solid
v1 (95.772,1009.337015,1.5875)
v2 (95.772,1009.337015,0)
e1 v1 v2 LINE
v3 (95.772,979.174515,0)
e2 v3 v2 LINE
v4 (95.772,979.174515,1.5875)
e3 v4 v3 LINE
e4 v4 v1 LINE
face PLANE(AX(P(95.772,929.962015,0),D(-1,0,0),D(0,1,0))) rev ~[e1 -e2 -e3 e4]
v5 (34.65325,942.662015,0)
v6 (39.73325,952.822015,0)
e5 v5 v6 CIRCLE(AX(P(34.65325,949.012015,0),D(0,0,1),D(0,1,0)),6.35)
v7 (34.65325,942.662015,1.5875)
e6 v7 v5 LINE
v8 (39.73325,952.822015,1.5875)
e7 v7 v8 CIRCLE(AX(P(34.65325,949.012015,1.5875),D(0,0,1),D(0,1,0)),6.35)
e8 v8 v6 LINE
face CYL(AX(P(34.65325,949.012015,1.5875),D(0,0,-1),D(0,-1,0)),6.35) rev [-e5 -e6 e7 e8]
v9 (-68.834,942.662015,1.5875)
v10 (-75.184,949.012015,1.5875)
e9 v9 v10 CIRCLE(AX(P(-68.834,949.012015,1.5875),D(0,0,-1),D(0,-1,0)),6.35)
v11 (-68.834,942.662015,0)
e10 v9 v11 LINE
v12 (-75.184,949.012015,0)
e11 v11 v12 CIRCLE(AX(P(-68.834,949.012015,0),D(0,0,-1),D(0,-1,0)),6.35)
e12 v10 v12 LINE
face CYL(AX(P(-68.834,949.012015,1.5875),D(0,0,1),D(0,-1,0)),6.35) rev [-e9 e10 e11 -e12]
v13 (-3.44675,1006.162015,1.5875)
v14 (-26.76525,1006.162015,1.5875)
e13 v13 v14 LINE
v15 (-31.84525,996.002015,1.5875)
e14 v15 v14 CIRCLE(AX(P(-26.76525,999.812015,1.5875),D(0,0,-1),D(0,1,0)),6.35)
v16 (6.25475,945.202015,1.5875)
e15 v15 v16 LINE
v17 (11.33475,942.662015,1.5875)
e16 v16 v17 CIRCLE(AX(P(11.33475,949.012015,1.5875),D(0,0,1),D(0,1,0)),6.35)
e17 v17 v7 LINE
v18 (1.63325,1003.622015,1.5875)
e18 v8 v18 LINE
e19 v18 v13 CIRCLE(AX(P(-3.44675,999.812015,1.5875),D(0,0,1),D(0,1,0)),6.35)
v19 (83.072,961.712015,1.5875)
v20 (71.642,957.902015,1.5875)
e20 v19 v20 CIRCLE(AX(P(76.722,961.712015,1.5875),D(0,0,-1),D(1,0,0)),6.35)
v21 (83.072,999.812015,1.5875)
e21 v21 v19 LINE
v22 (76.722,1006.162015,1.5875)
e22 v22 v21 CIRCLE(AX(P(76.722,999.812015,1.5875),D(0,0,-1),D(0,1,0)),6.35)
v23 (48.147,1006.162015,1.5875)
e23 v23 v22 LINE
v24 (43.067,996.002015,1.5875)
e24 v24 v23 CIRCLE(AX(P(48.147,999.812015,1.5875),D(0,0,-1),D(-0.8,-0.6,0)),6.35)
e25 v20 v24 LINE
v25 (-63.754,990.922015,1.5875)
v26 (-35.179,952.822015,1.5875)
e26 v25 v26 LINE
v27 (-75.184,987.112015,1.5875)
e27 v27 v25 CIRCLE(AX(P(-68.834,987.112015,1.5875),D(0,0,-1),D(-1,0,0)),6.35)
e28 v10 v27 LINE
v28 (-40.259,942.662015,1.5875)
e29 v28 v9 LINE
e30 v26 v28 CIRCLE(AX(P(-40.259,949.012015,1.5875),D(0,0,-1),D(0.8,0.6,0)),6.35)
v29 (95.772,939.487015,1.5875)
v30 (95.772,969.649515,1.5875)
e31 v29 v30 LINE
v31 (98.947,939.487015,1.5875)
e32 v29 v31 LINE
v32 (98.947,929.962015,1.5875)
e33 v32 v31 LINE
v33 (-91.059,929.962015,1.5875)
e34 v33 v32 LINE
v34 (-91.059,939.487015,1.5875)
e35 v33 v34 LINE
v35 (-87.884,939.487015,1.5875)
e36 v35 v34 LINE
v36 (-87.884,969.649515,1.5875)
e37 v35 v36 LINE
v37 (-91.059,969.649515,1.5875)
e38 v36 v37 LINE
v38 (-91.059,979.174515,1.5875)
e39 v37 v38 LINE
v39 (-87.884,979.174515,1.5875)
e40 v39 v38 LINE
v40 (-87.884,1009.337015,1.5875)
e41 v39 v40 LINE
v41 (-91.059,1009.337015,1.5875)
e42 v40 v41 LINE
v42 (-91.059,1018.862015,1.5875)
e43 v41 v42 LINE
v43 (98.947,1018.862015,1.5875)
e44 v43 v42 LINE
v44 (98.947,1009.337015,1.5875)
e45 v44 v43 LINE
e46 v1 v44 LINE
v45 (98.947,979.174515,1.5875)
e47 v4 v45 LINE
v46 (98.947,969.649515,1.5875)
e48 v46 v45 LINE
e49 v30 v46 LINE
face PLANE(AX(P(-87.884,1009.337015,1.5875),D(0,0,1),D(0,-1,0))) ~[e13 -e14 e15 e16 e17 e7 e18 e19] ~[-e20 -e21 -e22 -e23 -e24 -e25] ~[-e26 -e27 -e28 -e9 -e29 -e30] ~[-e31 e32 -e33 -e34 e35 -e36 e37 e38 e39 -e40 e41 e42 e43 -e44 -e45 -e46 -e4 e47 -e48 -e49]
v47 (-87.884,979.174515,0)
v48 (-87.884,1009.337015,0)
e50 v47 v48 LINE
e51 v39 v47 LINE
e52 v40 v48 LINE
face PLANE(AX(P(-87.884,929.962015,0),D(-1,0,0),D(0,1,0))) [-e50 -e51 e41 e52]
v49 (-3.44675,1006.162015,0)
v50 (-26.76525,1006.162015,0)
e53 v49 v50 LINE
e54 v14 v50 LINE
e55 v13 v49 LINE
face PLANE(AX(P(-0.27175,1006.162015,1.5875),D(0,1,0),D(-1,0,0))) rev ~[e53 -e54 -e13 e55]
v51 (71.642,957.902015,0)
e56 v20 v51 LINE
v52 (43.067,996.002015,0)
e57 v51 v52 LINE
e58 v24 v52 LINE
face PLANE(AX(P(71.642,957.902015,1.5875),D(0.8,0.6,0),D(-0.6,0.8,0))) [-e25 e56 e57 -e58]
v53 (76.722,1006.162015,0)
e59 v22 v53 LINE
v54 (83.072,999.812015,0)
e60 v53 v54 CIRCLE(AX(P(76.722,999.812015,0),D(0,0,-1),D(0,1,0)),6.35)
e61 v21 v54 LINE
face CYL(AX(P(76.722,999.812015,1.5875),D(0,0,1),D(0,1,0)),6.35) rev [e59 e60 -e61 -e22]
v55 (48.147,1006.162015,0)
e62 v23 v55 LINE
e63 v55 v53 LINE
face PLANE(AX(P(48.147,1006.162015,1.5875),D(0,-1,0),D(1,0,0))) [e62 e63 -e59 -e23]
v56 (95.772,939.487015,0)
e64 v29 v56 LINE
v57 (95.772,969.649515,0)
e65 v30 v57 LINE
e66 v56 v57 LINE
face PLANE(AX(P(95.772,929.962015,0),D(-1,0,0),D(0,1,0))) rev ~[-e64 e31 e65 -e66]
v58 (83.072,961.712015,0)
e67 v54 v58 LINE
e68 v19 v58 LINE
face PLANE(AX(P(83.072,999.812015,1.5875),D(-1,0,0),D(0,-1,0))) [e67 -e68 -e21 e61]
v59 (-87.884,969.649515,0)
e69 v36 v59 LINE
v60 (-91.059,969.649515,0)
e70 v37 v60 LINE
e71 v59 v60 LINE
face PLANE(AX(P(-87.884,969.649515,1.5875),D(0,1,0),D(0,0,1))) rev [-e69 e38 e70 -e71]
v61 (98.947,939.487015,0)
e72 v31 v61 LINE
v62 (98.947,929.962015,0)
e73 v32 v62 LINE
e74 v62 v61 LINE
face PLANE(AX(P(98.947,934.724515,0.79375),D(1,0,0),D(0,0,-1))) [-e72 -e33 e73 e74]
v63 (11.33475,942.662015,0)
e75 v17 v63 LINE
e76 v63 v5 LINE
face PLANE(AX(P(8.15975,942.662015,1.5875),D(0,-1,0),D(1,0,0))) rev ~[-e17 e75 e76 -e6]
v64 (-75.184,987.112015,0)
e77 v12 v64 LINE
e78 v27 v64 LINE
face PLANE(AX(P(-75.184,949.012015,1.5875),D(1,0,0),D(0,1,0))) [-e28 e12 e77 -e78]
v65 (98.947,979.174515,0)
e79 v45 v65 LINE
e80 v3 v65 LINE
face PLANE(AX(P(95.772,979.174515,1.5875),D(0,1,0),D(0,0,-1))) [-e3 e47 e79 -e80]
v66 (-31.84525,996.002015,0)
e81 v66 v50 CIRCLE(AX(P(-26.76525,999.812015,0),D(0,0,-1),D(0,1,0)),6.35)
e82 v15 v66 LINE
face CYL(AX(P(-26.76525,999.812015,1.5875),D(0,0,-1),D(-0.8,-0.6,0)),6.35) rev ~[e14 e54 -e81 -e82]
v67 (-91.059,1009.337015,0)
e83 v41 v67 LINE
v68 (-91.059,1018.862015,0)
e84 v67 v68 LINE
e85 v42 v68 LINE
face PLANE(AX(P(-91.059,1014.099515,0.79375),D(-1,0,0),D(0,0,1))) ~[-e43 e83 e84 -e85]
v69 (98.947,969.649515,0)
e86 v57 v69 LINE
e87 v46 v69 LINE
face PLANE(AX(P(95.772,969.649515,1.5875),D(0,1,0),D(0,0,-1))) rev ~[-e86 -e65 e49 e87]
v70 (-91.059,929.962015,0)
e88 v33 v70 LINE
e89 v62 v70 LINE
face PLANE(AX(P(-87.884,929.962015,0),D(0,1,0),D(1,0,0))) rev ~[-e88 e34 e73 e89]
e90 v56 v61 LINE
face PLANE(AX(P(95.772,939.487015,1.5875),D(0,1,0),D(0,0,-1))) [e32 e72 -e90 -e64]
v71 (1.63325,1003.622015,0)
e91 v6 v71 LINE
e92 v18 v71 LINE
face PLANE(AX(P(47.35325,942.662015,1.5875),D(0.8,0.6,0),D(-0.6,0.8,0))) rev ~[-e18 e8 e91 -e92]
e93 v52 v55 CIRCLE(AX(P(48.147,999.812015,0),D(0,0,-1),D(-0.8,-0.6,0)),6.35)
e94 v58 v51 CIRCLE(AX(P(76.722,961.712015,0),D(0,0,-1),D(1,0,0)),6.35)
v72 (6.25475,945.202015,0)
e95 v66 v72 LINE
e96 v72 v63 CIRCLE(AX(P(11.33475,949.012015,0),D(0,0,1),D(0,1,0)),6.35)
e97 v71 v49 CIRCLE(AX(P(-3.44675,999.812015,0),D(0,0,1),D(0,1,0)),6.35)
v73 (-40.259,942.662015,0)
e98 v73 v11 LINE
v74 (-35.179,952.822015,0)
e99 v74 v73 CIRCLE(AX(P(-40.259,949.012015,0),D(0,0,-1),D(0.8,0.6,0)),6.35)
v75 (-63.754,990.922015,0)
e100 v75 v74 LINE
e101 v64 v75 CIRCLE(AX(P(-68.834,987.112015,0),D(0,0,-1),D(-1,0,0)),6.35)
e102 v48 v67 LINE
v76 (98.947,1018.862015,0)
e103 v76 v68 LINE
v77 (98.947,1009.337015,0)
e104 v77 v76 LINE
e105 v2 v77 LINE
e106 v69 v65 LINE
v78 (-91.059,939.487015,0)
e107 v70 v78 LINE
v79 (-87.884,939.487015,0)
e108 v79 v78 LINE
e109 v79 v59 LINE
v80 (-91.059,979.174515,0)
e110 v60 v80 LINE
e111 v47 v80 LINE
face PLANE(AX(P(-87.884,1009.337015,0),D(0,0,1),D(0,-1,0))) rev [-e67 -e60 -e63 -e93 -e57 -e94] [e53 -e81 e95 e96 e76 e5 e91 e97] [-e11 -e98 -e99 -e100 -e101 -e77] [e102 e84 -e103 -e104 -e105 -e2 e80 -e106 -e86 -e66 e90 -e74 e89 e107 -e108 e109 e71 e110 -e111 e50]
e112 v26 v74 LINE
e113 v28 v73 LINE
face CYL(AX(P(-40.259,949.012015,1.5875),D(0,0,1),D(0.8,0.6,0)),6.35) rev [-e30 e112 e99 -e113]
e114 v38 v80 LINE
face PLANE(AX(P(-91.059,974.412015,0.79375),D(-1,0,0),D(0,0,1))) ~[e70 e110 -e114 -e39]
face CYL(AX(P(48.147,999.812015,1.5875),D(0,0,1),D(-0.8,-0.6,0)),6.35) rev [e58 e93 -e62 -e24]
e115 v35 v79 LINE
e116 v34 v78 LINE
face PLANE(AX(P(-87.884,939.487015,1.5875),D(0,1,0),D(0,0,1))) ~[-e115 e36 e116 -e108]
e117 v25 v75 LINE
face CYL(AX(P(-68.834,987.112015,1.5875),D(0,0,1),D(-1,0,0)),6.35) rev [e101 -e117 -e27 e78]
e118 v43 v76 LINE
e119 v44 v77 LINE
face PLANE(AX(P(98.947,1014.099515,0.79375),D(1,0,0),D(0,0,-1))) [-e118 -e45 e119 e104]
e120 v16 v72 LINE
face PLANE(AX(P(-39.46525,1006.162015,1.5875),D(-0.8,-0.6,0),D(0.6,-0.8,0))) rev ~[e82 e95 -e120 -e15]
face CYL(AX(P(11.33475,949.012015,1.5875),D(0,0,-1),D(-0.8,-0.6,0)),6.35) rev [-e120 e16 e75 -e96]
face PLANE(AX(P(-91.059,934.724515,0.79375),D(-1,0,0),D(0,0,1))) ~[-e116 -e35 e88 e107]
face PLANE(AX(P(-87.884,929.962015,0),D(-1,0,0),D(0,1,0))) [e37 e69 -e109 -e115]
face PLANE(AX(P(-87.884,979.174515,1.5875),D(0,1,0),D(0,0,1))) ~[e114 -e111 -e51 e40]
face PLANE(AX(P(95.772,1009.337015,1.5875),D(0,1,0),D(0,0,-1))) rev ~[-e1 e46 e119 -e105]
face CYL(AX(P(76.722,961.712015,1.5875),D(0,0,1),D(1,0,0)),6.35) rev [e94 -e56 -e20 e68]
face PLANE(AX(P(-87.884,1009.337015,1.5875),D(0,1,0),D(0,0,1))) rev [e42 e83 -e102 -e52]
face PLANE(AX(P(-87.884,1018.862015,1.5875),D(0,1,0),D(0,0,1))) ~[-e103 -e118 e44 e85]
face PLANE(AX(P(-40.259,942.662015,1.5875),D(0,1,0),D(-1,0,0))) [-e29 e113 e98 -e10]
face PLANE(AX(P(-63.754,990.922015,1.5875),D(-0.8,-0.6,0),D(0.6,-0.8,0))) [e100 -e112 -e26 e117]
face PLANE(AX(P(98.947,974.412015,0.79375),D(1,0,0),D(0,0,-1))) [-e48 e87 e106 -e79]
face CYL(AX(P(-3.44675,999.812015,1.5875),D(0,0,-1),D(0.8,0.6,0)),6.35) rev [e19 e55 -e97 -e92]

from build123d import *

# Parameters (mm, degrees)
SKETCH1_W           = 183.656
SKETCH1_H           = 88.9
BOSS_EXTRUDE1_DEPTH = 1.5875
CUT_EXTRUDE1_DEPTH  = 1.5875
FILLET1_R           = 6.35
SKETCH3_W           = 1.5875
SKETCH3_H           = 9.525
BOSS_EXTRUDE2_DEPTH = 3.175


with BuildPart() as part:
    # Sketch1 → Boss-Extrude1 (new body)
    with BuildSketch(Plane.XY):
        with Locations((3.944, 974.412014871)):
            Rectangle(SKETCH1_W, SKETCH1_H)
    extrude(amount=BOSS_EXTRUDE1_DEPTH)

    # Sketch2 → Cut-Extrude1 (cut)
    with BuildSketch(Plane.XY.offset(1.5875)):
        with BuildLine():
            Line((-63.754, 990.922014871), (-35.179, 952.822014871))
            ThreePointArc((-35.179, 952.822014871), (-34.579387337, 946.172208539), (-40.259, 942.662014871))
            Line((-40.259, 942.662014871), (-68.834, 942.662014871))
            ThreePointArc((-68.834, 942.662014871), (-73.324128061, 944.52188681), (-75.184, 949.012014871))
            Line((-75.184, 949.012014871), (-75.184, 987.112014871))
            ThreePointArc((-75.184, 987.112014871), (-70.842046314, 993.136153813), (-63.754, 990.922014871))
        make_face()
        with BuildLine():
            Line((71.642, 957.902014871), (43.067, 996.002014871))
            ThreePointArc((43.067, 996.002014871), (42.467387337, 1002.651821202), (48.147, 1006.162014871))
            Line((48.147, 1006.162014871), (76.722, 1006.162014871))
            ThreePointArc((76.722, 1006.162014871), (81.212128061, 1004.302142931), (83.072, 999.812014871))
            Line((83.072, 999.812014871), (83.072, 961.712014871))
            ThreePointArc((83.072, 961.712014871), (78.730046314, 955.687875928), (71.642, 957.902014871))
        make_face()
        Polygon((-39.46525, 1006.162014871), (8.15975, 942.662014871), (47.35325, 942.662014871), (-0.27175, 1006.162014871), align=None)
    extrude(amount=-CUT_EXTRUDE1_DEPTH, mode=Mode.SUBTRACT)

    # Fillet1
    fillet1_edges = [part.edges().sort_by_distance(p)[0] for p in [
        (8.15975, 942.662014871, 0.79375),
        (-39.46525, 1006.162014871, 0.79375),
        (-0.27175, 1006.162014871, 0.79375),
        (47.35325, 942.662014871, 0.79375),
    ]]
    fillet(fillet1_edges, radius=FILLET1_R)

    # Sketch3 → Boss-Extrude2 (add)
    with BuildSketch(Plane(origin=(95.772, 0, 0), x_dir=(0, 0, -1), z_dir=(1, 0, 0))):
        with Locations((-0.79375, 1014.099514871)):
            Rectangle(SKETCH3_W, SKETCH3_H)
        with Locations((-0.79375, 934.724514871)):
            Rectangle(SKETCH3_W, SKETCH3_H)
        with Locations((-0.79375, 974.412014871)):
            Rectangle(SKETCH3_W, SKETCH3_H)
    boss_extrude2 = extrude(amount=BOSS_EXTRUDE2_DEPTH)

    # Mirror2: Boss-Extrude2 across plane
    add(boss_extrude2.mirror(Plane(origin=(3.944, 0, 0), x_dir=(0, 0, 1), z_dir=(1, 0, 0))))


solid = part.part
